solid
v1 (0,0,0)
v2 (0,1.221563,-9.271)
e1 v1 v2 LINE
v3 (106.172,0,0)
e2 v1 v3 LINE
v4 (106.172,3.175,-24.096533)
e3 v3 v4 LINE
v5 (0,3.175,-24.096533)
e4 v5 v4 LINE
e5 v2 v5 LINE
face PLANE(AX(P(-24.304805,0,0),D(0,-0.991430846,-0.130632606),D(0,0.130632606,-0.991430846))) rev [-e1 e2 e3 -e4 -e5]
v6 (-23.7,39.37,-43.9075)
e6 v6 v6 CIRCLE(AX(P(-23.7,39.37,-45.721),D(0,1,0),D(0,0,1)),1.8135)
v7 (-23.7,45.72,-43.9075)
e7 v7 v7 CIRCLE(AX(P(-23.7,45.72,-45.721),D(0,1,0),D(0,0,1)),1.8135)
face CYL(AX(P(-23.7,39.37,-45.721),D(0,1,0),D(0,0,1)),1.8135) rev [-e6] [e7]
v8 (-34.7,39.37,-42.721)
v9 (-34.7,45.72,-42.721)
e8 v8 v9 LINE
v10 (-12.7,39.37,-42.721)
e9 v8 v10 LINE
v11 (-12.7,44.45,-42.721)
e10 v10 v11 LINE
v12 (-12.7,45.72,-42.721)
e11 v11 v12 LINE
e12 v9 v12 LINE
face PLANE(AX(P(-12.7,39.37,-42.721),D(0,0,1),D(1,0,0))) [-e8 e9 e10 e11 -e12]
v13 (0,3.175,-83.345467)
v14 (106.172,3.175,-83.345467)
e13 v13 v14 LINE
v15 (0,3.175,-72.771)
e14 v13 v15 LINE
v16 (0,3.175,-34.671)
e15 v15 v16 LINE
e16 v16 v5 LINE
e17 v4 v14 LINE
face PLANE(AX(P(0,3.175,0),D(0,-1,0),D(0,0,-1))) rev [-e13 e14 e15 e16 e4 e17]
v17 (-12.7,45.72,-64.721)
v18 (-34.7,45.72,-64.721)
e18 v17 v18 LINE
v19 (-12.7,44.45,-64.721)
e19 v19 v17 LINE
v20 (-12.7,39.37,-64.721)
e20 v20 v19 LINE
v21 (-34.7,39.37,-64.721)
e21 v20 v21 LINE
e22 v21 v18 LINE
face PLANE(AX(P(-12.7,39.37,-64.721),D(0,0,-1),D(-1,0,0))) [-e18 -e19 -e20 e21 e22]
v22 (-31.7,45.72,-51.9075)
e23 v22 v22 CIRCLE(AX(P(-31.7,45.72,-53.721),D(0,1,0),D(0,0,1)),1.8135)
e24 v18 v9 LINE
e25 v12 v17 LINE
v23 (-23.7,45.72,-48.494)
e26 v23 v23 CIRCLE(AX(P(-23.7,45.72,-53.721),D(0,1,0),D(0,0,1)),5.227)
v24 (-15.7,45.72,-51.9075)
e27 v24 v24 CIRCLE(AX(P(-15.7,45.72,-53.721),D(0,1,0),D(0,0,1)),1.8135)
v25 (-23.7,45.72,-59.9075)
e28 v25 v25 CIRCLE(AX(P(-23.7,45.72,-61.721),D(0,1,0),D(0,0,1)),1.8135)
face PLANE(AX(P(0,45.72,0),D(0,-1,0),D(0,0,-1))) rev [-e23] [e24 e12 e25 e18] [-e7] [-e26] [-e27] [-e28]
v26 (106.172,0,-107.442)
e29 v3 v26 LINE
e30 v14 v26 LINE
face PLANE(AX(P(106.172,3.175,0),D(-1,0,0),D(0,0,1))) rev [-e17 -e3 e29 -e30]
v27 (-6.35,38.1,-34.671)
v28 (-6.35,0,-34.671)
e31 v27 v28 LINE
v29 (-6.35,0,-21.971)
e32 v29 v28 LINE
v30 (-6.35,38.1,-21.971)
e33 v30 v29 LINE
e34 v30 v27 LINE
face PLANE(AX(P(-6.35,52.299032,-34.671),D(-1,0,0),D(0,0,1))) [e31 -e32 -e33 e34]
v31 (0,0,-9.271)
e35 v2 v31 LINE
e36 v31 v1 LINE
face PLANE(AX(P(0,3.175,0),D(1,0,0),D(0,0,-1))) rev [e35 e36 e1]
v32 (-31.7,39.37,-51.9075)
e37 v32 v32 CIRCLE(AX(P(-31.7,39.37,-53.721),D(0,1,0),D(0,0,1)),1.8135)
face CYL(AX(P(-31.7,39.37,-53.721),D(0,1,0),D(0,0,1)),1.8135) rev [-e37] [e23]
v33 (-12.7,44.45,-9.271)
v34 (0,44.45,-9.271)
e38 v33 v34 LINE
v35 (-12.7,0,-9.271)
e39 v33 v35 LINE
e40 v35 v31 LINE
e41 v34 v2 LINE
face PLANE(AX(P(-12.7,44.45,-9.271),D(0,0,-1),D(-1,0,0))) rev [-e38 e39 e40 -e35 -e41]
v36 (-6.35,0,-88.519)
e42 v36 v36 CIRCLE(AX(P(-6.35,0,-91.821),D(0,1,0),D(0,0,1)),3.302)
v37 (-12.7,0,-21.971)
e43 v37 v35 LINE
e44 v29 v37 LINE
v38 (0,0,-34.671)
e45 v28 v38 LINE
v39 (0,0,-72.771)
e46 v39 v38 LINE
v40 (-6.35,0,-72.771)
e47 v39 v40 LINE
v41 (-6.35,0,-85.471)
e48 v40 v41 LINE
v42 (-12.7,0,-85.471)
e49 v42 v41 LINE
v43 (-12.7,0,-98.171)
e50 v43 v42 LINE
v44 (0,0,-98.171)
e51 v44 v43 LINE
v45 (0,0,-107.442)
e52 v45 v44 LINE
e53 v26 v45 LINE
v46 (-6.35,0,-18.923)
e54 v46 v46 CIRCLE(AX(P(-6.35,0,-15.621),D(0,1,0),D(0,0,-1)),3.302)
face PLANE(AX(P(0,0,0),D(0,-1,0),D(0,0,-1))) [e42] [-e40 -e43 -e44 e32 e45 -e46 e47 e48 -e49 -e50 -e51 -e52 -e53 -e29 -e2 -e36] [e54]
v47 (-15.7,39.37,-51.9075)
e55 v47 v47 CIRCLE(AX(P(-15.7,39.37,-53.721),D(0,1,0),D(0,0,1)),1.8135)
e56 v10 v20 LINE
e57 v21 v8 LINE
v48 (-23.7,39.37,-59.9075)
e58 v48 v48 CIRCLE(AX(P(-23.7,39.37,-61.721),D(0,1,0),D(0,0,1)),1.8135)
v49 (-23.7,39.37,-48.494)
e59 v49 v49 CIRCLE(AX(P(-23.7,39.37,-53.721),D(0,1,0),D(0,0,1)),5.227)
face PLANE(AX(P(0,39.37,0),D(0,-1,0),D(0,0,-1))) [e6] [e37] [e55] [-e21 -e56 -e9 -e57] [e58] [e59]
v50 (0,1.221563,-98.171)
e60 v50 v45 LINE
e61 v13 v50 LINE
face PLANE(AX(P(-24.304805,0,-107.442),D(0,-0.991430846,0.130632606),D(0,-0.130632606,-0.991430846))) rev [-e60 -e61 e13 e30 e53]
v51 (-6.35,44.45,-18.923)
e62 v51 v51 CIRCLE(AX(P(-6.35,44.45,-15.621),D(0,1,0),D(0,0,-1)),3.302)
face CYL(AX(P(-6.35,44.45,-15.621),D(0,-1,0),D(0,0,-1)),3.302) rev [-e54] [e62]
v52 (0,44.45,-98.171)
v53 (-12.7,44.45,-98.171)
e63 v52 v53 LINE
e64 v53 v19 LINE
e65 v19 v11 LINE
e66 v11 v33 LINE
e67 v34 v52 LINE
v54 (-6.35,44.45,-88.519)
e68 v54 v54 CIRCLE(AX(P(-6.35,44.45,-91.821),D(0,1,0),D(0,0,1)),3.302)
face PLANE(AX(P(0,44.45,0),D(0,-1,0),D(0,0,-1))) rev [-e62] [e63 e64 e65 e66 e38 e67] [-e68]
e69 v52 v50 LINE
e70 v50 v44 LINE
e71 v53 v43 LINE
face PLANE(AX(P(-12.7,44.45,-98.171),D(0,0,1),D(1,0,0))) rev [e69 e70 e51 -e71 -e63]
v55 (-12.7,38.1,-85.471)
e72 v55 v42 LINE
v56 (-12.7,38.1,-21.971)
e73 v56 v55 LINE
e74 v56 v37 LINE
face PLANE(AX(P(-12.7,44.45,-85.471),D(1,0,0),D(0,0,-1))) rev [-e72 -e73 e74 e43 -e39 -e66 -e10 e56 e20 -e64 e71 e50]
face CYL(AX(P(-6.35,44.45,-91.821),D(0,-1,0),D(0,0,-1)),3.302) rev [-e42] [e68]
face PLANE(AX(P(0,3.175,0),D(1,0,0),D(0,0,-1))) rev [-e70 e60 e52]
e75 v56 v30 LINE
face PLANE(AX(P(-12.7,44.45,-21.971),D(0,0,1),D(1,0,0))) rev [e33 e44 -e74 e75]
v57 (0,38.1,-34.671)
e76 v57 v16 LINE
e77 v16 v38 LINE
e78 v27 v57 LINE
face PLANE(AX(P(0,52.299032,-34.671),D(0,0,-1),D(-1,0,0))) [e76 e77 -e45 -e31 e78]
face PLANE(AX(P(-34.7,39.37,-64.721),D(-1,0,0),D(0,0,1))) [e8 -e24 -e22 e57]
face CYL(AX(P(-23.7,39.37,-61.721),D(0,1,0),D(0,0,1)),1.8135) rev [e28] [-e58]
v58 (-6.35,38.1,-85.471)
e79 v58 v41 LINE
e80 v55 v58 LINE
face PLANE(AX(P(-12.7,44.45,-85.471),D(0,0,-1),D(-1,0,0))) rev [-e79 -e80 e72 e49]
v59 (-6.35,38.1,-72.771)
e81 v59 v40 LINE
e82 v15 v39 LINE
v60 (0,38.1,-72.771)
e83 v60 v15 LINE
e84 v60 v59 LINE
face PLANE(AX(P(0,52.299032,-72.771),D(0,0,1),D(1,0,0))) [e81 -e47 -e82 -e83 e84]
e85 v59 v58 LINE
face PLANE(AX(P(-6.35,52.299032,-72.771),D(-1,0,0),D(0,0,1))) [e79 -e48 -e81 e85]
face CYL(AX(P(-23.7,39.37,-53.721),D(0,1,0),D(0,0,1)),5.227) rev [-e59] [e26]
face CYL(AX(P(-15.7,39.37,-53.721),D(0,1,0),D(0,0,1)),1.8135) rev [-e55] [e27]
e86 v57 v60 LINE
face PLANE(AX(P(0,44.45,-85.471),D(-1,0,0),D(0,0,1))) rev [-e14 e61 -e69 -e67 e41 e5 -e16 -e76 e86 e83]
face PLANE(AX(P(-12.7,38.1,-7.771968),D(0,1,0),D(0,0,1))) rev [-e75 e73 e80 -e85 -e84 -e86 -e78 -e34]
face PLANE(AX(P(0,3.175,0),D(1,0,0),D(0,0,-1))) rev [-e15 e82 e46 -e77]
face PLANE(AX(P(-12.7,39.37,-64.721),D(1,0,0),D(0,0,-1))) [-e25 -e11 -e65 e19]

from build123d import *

# Parameters (mm, degrees)
SKETCH1_W           = 106.172
SKETCH1_H           = 107.442
BOSS_EXTRUDE1_DEPTH = 3.175
SKETCH3_W           = 12.7
SKETCH3_H           = 12.7
SKETCH3_R           = 3.302
BOSS_EXTRUDE2_DEPTH = 44.45
CUT_EXTRUDE1_DEPTH  = 106.172
SKETCH6_W           = 12.7
SKETCH6_H           = 6.35
BOSS_EXTRUDE3_DEPTH = 63.5
BOSS_EXTRUDE5_START = 1.27
SKETCH11_W          = 21.999999942
SKETCH11_H          = 21.999999942
SKETCH11_R          = 5.22699996
SKETCH11_R_2        = 1.813500056
BOSS_EXTRUDE5_DEPTH = 6.35
SKETCH12_W          = 6.35
SKETCH12_H          = 12.7
BOSS_EXTRUDE6_DEPTH = 38.1


with BuildPart() as part:
    # Sketch1 → Boss-Extrude1 (new body)
    with BuildSketch(Plane(origin=(0, 0, 0), x_dir=(1, 0, 0), z_dir=(0, 1, 0))):
        with Locations((53.086, 53.721)):
            Rectangle(SKETCH1_W, SKETCH1_H)
    extrude(amount=BOSS_EXTRUDE1_DEPTH)

    # Sketch3 → Boss-Extrude2 (add)
    # profile 1 of 2: a face of its own
    with BuildSketch(Plane(origin=(0, 0, 0), x_dir=(1, 0, 0), z_dir=(0, 1, 0))):
        with Locations((-6.35, 91.821)):
            Rectangle(SKETCH3_W, SKETCH3_H)
        with Locations(Location((-6.35, 91.821, 0), (0, 0, 270))):
            Circle(SKETCH3_R, mode=Mode.SUBTRACT)
    # profile 2 of 2: a face of its own
    with BuildSketch(Plane(origin=(0, 0, 0), x_dir=(1, 0, 0), z_dir=(0, 1, 0))):
        with Locations((-6.35, 15.621)):
            Rectangle(SKETCH3_W, SKETCH3_H)
        with Locations(Location((-6.35, 15.621, 0), (0, 0, 90))):
            Circle(SKETCH3_R, mode=Mode.SUBTRACT)
    extrude(amount=BOSS_EXTRUDE2_DEPTH)

    # Sketch4 → Cut-Extrude1 (cut)
    with BuildSketch(Plane(origin=(106.172, 0, 0), x_dir=(0, 0, -1), z_dir=(1, 0, 0))):
        Polygon((0, 0), (24.096533231, 3.175), (0, 3.175), align=None)
        Polygon((107.442, 3.175), (107.442, 0), (83.345466769, 3.175), align=None)
    extrude(amount=-CUT_EXTRUDE1_DEPTH, mode=Mode.SUBTRACT)

    # Sketch6 → Boss-Extrude3 (add)
    with BuildSketch(Plane.XY.offset(-85.471)):
        with Locations((-6.35, 41.275)):
            Rectangle(SKETCH6_W, SKETCH6_H)
    extrude(amount=BOSS_EXTRUDE3_DEPTH)

    # Sketch11 → Boss-Extrude5 (add)
    with BuildSketch(Plane(origin=(0, 44.45, 0), x_dir=(1, 0, 0), z_dir=(0, 1, 0)).offset(BOSS_EXTRUDE5_START)):
        with Locations((-23.699999971, 53.721)):
            Rectangle(SKETCH11_W, SKETCH11_H)
        with Locations(Location((-23.699999971, 53.721, 0), (0, 0, 270))):
            Circle(SKETCH11_R, mode=Mode.SUBTRACT)
        with Locations(Location((-23.699999971, 61.721000002, 0), (0, 0, 270))):
            Circle(SKETCH11_R_2, mode=Mode.SUBTRACT)
        with Locations(Location((-15.699999969, 53.721, 0), (0, 0, 270))):
            Circle(SKETCH11_R_2, mode=Mode.SUBTRACT)
        with Locations(Location((-23.699999971, 45.720999998, 0), (0, 0, 270))):
            Circle(SKETCH11_R_2, mode=Mode.SUBTRACT)
        with Locations(Location((-31.699999973, 53.721, 0), (0, 0, 270))):
            Circle(SKETCH11_R_2, mode=Mode.SUBTRACT)
    extrude(amount=-BOSS_EXTRUDE5_DEPTH)

    # Sketch12 → Boss-Extrude6 (add)
    with BuildSketch(Plane.XZ):
        with Locations((-3.175, -28.321)):
            Rectangle(SKETCH12_W, SKETCH12_H)
        with Locations((-3.175, -79.121)):
            Rectangle(SKETCH12_W, SKETCH12_H)
    extrude(amount=-BOSS_EXTRUDE6_DEPTH)


solid = part.part
